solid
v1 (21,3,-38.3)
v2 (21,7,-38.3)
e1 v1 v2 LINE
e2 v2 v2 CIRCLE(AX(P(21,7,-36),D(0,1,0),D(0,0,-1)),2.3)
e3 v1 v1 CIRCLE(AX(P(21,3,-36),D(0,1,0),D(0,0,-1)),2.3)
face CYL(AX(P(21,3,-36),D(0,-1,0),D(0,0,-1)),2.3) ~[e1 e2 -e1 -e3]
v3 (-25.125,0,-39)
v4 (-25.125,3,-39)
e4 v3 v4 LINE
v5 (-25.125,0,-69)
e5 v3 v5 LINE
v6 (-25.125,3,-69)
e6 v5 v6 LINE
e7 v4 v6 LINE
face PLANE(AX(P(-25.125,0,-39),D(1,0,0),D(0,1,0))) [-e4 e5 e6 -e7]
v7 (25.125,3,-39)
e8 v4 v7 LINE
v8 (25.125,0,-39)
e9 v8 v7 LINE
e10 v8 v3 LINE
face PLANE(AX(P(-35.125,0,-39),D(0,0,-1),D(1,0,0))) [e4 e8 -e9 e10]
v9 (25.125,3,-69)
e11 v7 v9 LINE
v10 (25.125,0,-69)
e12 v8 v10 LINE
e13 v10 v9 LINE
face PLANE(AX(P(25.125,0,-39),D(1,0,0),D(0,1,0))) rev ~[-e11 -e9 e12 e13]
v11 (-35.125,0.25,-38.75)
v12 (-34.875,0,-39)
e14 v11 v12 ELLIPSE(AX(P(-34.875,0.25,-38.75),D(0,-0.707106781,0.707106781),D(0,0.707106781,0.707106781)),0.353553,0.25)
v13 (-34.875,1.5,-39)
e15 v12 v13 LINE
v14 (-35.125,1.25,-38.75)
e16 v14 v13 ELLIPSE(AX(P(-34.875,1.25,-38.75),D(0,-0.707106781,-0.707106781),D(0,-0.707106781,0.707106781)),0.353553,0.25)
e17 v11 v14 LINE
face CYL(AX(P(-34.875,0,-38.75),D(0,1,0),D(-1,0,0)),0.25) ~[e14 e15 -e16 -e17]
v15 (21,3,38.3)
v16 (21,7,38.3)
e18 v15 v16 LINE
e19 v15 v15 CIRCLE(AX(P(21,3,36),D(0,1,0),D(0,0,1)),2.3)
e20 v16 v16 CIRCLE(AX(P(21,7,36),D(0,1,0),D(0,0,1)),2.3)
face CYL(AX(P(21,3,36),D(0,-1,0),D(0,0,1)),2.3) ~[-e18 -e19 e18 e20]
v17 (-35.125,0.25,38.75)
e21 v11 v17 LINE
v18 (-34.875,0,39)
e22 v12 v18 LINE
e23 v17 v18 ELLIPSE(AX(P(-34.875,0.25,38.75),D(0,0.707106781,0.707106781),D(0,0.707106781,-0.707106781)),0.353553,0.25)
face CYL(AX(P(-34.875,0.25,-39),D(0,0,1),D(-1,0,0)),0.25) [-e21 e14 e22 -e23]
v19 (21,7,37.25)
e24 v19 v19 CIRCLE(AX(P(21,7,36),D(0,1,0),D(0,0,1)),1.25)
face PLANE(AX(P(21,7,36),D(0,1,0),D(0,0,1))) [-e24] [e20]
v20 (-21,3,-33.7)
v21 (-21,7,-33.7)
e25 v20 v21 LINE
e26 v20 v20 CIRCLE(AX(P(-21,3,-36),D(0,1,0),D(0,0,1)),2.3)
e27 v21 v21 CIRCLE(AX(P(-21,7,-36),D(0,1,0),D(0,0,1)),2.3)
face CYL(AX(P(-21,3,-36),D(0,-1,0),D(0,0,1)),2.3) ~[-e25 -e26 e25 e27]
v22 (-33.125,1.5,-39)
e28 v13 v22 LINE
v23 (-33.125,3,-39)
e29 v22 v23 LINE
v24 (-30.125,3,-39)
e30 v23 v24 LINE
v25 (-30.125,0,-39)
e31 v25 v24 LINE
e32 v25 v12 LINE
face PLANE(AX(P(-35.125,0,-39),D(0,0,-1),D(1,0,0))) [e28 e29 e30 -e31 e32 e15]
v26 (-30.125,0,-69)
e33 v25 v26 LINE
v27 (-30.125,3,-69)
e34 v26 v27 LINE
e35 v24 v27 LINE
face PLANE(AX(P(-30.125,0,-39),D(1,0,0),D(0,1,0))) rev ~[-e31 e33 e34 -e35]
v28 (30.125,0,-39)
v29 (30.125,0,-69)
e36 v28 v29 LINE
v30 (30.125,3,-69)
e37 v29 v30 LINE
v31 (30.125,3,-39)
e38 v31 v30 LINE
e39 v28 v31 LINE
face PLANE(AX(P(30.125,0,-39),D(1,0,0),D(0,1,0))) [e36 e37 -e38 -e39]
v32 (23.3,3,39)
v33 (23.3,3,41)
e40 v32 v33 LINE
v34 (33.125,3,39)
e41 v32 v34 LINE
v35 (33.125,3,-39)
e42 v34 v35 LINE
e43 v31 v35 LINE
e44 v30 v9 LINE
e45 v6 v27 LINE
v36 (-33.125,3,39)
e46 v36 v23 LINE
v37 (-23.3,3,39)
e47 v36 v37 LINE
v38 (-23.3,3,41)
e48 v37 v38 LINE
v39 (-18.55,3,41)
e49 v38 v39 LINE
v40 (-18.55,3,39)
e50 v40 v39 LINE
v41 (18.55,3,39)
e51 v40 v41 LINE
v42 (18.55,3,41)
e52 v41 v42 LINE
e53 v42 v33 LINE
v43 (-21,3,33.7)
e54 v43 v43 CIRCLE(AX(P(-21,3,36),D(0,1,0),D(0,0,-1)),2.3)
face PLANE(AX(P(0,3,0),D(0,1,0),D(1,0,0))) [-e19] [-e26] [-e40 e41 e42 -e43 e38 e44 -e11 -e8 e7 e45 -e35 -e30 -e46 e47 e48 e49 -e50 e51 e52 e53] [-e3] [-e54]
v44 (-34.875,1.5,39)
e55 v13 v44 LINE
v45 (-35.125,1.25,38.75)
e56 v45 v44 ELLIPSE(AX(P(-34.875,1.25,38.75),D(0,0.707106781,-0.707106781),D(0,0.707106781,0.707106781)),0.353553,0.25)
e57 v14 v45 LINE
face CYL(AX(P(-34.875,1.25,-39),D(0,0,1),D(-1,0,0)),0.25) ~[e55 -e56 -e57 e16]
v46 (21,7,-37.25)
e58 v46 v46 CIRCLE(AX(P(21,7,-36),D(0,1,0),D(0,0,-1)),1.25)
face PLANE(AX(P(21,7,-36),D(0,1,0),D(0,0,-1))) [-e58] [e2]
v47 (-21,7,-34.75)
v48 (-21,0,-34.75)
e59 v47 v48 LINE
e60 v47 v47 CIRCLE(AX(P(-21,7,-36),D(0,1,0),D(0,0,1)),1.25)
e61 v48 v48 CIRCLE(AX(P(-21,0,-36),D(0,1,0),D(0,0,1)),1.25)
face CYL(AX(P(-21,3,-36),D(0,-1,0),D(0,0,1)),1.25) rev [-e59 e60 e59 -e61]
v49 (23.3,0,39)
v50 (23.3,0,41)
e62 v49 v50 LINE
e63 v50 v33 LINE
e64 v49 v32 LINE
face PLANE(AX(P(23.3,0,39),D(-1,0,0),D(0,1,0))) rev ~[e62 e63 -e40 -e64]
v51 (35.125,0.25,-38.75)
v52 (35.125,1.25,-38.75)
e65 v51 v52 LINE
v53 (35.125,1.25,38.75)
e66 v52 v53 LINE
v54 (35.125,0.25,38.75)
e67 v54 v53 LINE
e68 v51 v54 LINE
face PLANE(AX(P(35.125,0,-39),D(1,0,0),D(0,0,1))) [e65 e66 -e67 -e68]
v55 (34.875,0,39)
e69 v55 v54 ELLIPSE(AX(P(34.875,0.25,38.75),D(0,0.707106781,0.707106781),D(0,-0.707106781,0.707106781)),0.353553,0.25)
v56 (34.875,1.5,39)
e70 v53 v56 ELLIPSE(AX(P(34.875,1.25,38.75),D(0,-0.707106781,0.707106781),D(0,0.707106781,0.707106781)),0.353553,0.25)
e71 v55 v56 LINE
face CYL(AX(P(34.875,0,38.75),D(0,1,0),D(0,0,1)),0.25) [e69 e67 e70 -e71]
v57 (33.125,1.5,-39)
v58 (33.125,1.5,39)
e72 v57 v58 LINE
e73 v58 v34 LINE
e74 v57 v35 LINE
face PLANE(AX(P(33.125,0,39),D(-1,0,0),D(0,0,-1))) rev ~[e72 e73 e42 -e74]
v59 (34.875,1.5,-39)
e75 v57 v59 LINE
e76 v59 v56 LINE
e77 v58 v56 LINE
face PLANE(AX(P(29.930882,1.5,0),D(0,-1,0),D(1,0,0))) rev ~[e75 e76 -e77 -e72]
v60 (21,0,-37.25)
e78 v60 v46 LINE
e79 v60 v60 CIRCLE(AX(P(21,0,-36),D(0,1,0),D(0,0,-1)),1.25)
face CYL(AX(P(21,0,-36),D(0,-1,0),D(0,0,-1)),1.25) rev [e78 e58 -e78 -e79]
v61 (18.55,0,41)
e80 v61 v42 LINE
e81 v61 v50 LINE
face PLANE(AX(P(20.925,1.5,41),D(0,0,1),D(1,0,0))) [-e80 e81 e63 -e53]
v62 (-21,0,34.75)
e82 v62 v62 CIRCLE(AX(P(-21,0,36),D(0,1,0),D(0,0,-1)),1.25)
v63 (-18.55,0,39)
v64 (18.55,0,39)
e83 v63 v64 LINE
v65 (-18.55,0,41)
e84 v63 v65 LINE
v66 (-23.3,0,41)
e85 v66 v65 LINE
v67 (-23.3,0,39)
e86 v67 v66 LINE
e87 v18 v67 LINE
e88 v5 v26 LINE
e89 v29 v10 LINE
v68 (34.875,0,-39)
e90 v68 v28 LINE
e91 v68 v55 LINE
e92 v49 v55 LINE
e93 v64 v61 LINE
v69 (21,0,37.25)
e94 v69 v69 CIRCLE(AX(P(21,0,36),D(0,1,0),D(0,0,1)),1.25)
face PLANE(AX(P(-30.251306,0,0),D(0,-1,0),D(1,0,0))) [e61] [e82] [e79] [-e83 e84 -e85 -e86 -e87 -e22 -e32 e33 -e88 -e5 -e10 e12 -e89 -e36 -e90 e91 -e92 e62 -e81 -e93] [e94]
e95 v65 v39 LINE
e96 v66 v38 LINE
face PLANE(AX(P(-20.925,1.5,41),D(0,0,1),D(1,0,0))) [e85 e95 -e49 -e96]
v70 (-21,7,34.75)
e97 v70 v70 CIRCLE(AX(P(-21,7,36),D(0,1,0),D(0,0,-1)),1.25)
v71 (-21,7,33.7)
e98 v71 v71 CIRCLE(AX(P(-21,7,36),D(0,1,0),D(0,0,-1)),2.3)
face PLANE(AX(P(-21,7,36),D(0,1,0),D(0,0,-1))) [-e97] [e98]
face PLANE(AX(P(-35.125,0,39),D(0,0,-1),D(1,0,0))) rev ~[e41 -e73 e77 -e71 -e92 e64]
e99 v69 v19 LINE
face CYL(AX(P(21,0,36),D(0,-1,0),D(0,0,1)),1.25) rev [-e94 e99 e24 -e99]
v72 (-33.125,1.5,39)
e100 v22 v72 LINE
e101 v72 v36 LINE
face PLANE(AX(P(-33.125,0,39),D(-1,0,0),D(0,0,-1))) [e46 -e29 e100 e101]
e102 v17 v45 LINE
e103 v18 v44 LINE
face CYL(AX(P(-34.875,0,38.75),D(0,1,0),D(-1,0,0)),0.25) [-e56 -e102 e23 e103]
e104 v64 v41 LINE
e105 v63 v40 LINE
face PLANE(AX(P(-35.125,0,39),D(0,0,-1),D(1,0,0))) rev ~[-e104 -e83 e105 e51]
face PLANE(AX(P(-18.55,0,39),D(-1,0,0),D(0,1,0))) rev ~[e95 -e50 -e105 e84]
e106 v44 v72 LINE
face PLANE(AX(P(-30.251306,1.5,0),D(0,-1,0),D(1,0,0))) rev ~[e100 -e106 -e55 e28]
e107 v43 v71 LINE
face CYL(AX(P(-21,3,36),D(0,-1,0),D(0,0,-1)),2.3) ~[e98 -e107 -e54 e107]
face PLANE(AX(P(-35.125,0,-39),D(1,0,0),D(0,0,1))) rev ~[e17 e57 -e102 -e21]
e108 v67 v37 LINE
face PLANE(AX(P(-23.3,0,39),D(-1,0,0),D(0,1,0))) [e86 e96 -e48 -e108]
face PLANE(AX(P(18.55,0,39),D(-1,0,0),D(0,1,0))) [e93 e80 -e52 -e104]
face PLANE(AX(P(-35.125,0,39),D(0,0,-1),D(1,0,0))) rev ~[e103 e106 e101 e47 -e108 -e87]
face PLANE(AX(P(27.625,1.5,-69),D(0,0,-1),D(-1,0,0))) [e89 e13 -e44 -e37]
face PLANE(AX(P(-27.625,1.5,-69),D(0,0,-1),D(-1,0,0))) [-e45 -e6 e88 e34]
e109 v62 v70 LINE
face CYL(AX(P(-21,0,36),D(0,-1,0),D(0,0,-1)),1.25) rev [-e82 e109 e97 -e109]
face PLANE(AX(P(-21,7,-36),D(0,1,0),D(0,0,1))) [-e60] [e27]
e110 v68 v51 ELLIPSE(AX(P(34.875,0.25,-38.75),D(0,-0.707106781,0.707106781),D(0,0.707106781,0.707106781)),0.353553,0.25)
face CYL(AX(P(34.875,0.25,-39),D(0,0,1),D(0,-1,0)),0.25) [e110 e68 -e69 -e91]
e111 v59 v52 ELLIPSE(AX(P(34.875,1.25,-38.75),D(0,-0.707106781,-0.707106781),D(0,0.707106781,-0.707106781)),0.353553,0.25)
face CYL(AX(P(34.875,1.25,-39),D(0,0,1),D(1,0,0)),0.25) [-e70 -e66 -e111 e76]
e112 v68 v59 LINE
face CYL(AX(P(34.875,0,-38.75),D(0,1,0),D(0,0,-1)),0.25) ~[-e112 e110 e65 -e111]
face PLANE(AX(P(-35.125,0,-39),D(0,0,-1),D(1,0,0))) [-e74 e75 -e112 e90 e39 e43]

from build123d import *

# Parameters (mm, degrees)
SKETCH1_W           = 66.25
SKETCH1_H           = 78
SKETCH1_R           = 1.25
BOSS_EXTRUDE1_DEPTH = 3
SKETCH2_W           = 9.747388218
SKETCH2_H           = 78
SKETCH2_W_2         = 10.388237
BOSS_EXTRUDE2_DEPTH = 1.5
FILLET2_R           = 0.25
FILLET3_R           = 0.25
SKETCH3_R           = 2.3
SKETCH3_R_2         = 1.25
BOSS_EXTRUDE3_DEPTH = 4
SKETCH4_W           = 4.75
SKETCH4_H           = 3
BOSS_EXTRUDE4_DEPTH = 2
SKETCH5_W           = 5
SKETCH5_H           = 3
BOSS_EXTRUDE5_DEPTH = 30


with BuildPart() as part:
    # Sketch1 → Boss-Extrude1 (new body)
    with BuildSketch(Plane(origin=(0, 0, 0), x_dir=(1, 0, 0), z_dir=(0, 1, 0))):
        Rectangle(SKETCH1_W, SKETCH1_H)
        with Locations(Location((-21, 36, 0), (0, 0, 270))):
            Circle(SKETCH1_R, mode=Mode.SUBTRACT)
        with Locations(Location((21, 36, 0), (0, 0, 90))):
            Circle(SKETCH1_R, mode=Mode.SUBTRACT)
        with Locations(Location((21, -36, 0), (0, 0, 270))):
            Circle(SKETCH1_R, mode=Mode.SUBTRACT)
        with Locations(Location((-21, -36, 0), (0, 0, 90))):
            Circle(SKETCH1_R, mode=Mode.SUBTRACT)
    extrude(amount=BOSS_EXTRUDE1_DEPTH)

    # Sketch2 → Boss-Extrude2 (add)
    with BuildSketch(Plane.XZ):
        with Locations((-30.251305891, 0)):
            Rectangle(SKETCH2_W, SKETCH2_H)
        with Locations((29.9308815, 0)):
            Rectangle(SKETCH2_W_2, SKETCH2_H)
    extrude(amount=-BOSS_EXTRUDE2_DEPTH)

    # Fillet2
    fillet2_edges = [part.edges().sort_by_distance(p)[0] for p in [
        (-35.125, 0.75, 39),
        (-35.125, 0, 0),
        (-35.125, 1.5, 0),
        (-35.125, 0.75, -39),
    ]]
    fillet(fillet2_edges, radius=FILLET2_R)

    # Fillet3
    fillet3_edges = [part.edges().sort_by_distance(p)[0] for p in [
        (35.125, 0.75, -39),
        (35.125, 0, 0),
        (35.125, 1.5, 0),
        (35.125, 0.75, 39),
    ]]
    fillet(fillet3_edges, radius=FILLET3_R)

    # Sketch3 → Boss-Extrude3 (add)
    # profile 1 of 4: a face of its own
    with BuildSketch(Plane(origin=(0, 3, 0), x_dir=(1, 0, 0), z_dir=(0, 1, 0))):
        with Locations(Location((-21, 36, 0), (0, 0, 270))):
            Circle(SKETCH3_R)
        with Locations(Location((-21, 36, 0), (0, 0, 270))):
            Circle(SKETCH3_R_2, mode=Mode.SUBTRACT)
    # profile 2 of 4: a face of its own
    with BuildSketch(Plane(origin=(0, 3, 0), x_dir=(1, 0, 0), z_dir=(0, 1, 0))):
        with Locations(Location((21, 36, 0), (0, 0, 90))):
            Circle(SKETCH3_R)
        with Locations(Location((21, 36, 0), (0, 0, 90))):
            Circle(SKETCH3_R_2, mode=Mode.SUBTRACT)
    # profile 3 of 4: a face of its own
    with BuildSketch(Plane(origin=(0, 3, 0), x_dir=(1, 0, 0), z_dir=(0, 1, 0))):
        with Locations(Location((21, -36, 0), (0, 0, 270))):
            Circle(SKETCH3_R)
        with Locations(Location((21, -36, 0), (0, 0, 270))):
            Circle(SKETCH3_R_2, mode=Mode.SUBTRACT)
    # profile 4 of 4: a face of its own
    with BuildSketch(Plane(origin=(0, 3, 0), x_dir=(1, 0, 0), z_dir=(0, 1, 0))):
        with Locations(Location((-21, -36, 0), (0, 0, 90))):
            Circle(SKETCH3_R)
        with Locations(Location((-21, -36, 0), (0, 0, 90))):
            Circle(SKETCH3_R_2, mode=Mode.SUBTRACT)
    extrude(amount=BOSS_EXTRUDE3_DEPTH)

    # Sketch4 → Boss-Extrude4 (add)
    with BuildSketch(Plane.XY.offset(39)):
        with Locations((-20.925, 1.5)):
            Rectangle(SKETCH4_W, SKETCH4_H)
        with Locations((20.925, 1.5)):
            Rectangle(SKETCH4_W, SKETCH4_H)
    extrude(amount=BOSS_EXTRUDE4_DEPTH)

    # Sketch5 → Boss-Extrude5 (add)
    with BuildSketch(Plane(origin=(0, 0, -39), x_dir=(-1, 0, 0), z_dir=(0, 0, -1))):
        with Locations((-27.625, 1.5)):
            Rectangle(SKETCH5_W, SKETCH5_H)
        with Locations((27.625, 1.5)):
            Rectangle(SKETCH5_W, SKETCH5_H)
    extrude(amount=BOSS_EXTRUDE5_DEPTH)


solid = part.part
